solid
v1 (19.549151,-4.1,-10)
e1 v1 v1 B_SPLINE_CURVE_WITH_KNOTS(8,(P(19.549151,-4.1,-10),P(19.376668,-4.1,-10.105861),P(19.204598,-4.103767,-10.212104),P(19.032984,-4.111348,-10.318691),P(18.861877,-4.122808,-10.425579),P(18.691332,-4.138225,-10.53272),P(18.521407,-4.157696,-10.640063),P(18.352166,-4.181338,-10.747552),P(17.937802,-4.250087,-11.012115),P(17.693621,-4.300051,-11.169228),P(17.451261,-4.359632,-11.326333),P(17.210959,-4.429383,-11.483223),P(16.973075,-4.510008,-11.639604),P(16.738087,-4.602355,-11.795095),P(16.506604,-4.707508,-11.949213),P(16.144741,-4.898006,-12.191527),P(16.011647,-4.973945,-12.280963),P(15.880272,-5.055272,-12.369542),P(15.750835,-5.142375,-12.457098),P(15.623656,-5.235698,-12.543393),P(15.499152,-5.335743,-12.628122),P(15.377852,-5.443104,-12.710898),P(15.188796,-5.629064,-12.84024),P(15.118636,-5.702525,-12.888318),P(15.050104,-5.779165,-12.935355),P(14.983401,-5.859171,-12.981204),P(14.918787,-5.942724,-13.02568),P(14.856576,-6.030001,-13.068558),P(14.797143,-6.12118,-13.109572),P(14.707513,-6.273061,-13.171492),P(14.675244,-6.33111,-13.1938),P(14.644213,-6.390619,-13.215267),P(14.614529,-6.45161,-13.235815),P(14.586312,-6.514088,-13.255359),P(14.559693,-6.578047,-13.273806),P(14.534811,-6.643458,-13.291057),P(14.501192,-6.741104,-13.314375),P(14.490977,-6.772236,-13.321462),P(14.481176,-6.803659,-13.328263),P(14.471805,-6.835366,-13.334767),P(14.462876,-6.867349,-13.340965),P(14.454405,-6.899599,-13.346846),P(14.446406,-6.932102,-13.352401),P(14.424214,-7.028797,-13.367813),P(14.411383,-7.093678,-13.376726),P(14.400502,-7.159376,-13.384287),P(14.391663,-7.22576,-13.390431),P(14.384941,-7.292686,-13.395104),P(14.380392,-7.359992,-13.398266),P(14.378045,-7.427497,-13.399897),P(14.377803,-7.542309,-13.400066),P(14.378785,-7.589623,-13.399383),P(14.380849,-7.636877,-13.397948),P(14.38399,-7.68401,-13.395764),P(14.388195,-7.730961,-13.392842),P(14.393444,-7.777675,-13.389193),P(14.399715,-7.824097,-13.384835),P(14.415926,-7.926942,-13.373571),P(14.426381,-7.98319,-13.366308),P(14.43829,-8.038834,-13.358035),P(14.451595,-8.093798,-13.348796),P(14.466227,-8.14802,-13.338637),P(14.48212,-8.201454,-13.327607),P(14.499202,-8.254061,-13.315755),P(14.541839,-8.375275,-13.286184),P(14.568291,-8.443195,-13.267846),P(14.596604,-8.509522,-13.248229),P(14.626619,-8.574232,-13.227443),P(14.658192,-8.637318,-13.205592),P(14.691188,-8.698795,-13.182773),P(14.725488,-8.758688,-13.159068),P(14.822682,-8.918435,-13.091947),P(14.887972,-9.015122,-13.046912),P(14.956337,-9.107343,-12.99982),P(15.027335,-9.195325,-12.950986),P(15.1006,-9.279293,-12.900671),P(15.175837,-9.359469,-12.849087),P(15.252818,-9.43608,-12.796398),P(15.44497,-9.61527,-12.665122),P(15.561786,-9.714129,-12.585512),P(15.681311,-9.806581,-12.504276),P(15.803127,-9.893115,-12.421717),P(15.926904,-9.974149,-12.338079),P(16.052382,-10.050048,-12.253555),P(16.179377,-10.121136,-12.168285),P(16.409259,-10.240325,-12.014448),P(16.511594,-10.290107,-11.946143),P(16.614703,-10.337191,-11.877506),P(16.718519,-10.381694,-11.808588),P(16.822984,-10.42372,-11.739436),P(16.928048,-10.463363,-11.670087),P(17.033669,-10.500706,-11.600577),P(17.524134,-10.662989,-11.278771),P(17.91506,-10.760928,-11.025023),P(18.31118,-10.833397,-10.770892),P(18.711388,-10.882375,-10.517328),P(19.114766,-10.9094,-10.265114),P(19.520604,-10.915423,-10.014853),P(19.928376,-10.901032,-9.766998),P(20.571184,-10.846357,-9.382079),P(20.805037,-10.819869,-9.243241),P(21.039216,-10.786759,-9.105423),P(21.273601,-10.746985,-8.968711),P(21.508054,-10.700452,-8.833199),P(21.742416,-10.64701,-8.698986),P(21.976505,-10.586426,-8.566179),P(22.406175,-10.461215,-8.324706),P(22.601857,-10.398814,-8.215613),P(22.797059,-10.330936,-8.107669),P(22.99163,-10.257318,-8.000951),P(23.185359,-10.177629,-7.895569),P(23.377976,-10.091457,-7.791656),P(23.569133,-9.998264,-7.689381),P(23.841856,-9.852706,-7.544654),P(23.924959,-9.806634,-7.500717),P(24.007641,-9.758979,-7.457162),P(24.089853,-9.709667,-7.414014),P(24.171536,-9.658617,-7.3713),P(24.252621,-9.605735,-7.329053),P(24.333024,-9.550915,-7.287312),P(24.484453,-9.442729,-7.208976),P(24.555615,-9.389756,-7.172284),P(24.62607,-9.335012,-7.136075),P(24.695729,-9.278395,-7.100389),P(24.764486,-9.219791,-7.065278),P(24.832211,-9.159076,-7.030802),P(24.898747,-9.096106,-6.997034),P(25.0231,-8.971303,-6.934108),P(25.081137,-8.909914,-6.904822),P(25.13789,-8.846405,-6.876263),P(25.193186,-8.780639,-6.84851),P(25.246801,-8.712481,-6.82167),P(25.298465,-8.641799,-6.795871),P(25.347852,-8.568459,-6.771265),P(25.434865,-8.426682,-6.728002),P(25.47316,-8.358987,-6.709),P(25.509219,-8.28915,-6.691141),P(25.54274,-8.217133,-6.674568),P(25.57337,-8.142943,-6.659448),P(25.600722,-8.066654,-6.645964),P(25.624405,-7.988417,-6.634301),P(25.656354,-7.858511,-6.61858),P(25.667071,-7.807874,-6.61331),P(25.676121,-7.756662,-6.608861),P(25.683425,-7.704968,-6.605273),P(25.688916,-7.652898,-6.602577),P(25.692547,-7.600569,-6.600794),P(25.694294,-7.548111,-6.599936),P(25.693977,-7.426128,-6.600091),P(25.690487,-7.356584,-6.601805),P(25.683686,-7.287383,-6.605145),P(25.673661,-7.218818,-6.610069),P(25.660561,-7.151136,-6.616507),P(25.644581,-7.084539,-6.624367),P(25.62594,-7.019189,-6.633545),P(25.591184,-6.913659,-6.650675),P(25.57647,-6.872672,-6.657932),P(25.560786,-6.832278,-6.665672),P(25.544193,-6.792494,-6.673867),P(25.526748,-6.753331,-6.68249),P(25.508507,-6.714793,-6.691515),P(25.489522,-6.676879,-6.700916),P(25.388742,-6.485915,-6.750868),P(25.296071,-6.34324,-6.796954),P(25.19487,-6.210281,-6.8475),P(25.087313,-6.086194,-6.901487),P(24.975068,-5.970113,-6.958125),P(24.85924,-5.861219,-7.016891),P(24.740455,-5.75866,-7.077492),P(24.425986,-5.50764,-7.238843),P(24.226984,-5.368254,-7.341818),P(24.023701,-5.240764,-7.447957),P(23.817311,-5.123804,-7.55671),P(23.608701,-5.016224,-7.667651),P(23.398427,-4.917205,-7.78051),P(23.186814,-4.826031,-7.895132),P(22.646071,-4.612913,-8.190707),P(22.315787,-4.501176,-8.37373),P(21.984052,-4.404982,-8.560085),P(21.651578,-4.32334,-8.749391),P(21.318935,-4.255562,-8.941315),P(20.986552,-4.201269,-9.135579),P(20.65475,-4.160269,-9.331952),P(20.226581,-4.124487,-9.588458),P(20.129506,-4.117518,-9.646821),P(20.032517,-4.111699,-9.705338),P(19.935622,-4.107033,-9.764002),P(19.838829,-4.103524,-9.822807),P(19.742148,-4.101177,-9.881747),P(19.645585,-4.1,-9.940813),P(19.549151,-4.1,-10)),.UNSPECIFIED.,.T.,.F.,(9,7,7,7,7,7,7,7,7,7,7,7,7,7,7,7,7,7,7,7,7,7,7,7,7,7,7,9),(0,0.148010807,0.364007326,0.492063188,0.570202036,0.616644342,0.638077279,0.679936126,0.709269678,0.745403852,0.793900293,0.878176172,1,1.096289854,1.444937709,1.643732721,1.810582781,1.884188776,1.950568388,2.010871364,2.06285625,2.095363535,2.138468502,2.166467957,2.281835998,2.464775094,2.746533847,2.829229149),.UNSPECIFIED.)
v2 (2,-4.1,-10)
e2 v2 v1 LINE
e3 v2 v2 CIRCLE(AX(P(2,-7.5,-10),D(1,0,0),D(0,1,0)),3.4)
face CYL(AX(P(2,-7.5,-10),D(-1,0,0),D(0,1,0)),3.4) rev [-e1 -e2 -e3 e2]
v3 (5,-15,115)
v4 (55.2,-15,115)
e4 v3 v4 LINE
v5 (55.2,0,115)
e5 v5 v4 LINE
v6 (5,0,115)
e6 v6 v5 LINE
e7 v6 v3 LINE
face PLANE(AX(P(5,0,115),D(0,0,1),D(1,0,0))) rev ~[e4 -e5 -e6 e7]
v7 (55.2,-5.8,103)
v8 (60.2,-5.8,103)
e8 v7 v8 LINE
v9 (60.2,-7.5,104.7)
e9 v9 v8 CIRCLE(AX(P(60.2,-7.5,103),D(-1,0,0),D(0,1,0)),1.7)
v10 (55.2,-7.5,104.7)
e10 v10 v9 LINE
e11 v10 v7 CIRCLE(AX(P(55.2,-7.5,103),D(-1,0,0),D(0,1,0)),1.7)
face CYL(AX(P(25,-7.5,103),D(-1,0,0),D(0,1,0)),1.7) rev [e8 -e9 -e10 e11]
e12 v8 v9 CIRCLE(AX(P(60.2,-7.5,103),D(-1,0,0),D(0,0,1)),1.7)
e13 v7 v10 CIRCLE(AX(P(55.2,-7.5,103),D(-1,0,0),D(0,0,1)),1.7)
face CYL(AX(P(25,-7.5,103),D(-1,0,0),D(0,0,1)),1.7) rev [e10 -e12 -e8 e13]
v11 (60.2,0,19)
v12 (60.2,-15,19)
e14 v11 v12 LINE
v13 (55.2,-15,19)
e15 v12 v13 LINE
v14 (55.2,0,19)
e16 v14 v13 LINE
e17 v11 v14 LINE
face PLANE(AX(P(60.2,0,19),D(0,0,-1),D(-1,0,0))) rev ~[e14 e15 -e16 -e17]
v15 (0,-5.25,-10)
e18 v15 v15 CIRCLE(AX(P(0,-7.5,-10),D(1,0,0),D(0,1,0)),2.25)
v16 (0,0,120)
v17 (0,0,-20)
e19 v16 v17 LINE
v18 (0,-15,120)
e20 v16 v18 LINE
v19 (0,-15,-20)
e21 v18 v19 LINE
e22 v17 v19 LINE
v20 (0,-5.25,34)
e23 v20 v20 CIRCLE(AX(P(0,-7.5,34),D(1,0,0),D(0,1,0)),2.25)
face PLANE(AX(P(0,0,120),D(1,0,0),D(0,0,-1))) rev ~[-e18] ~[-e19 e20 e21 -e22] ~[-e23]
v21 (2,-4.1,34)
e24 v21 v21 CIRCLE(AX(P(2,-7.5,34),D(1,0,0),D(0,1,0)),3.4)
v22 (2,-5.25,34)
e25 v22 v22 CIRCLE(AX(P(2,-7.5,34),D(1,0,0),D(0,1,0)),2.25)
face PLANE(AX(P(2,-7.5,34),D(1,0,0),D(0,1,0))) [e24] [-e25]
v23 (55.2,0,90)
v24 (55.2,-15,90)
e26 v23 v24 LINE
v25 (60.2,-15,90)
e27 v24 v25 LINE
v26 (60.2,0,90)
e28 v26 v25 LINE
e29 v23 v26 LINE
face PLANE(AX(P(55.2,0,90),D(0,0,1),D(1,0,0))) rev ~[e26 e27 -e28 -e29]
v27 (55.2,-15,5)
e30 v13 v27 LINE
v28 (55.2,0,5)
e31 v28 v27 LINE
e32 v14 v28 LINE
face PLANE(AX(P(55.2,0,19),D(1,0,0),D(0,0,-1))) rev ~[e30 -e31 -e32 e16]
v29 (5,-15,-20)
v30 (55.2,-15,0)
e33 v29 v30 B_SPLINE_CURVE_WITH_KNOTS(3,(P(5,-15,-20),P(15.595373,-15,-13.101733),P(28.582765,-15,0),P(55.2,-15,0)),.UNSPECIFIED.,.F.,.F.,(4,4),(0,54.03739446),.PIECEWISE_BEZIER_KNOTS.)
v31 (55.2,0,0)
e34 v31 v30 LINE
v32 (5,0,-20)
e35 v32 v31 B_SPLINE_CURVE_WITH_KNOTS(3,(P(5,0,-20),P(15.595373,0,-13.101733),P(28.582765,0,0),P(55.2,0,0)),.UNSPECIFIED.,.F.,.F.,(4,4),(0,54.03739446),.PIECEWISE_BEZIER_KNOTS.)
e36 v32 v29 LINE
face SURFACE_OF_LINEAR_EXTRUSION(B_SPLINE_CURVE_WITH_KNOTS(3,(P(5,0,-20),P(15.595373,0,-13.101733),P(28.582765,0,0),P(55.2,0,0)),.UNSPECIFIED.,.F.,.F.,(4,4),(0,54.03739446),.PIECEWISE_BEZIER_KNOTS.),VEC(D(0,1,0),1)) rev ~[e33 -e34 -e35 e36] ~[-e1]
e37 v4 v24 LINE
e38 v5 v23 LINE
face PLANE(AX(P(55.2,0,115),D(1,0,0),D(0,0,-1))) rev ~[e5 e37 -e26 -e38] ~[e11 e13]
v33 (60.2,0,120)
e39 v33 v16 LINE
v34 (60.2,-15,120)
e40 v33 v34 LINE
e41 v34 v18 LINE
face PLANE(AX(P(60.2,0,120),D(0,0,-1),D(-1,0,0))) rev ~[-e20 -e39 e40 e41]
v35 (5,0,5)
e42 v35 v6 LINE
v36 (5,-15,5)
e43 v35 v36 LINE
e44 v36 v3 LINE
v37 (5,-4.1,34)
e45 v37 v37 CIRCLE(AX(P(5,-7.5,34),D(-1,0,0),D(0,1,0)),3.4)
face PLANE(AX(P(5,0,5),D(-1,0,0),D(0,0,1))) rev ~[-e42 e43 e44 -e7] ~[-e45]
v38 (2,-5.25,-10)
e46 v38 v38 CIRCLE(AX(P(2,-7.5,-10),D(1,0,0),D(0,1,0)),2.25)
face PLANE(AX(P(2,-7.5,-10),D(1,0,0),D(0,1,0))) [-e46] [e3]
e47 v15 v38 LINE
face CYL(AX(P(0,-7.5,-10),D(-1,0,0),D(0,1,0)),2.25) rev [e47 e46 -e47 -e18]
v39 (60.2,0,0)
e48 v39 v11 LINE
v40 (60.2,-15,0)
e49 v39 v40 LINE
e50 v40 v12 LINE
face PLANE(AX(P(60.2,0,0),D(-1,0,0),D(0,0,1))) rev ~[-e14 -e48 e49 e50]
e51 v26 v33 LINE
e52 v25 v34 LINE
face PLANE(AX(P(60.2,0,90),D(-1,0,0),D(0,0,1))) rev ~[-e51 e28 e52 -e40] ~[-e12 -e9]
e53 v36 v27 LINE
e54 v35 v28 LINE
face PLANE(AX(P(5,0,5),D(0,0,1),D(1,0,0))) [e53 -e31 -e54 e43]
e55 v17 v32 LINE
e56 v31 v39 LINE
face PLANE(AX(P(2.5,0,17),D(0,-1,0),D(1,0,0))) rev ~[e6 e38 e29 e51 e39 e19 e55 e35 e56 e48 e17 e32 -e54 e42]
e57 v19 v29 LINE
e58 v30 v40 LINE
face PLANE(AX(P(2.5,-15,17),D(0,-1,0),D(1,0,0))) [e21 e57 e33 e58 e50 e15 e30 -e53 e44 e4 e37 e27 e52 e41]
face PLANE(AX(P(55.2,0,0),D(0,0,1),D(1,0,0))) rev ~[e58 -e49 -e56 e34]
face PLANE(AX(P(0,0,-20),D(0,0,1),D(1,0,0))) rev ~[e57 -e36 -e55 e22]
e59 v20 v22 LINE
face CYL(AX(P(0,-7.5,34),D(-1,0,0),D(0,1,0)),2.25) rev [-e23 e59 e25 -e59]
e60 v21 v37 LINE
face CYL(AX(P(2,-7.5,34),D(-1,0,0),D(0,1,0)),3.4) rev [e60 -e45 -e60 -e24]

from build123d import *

# Parameters (mm, degrees)
F1_W     = 5
F1_H     = 10
F1_W_2   = 50.2
F1_H_2   = 5
F1_H_3   = 11
F2_DEPTH = 15
F3_START = 25
F3_DEPTH = 49
F0_R     = 2.25
F4_DEPTH = 38.6
F5_START = 2
F0_R_2   = 3.4
F5_DEPTH = 47.7


with BuildPart() as f2:
    # F1 (on Front) → F2 (new body)
    with BuildSketch(Plane.XZ):
        Polygon((0, 34), (0, 0), (5, 0), (5, 5), (5, 34), align=None)
        with Locations((2.5, -5)):
            Rectangle(F1_W, F1_H)
        with Locations((30.1, 2.5)):
            Rectangle(F1_W_2, F1_H_2)
        with BuildLine():
            Line((55.2, 0), (5, 0))
            Line((5, 0), (5, -10))
            Line((5, -10), (5, -20))
            add(Edge.make_bspline(
                [(5, -20), (15.5953727663, -13.1017330475), (28.5827647895, 0), (55.2, 0)],
                knots=[0, 0, 0, 0, 54.0373944598, 54.0373944598, 54.0373944598, 54.0373944598], degree=3))
        make_face()
        Polygon((0, 120), (0, 34), (5, 34), (5, 115), (5, 120), align=None)
        with Locations((2.5, -15)):
            Rectangle(F1_W, F1_H)
        Polygon((55.2, 5), (55.2, 0), (60.2, 0), (60.2, 19), (55.2, 19), align=None)
        with Locations((30.1, 117.5)):
            Rectangle(F1_W_2, F1_H_2)
        Polygon((60.2, 120), (55.2, 120), (55.2, 115), (55.2, 101), (60.2, 101), align=None)
        with Locations((57.7, 95.5)):
            Rectangle(F1_W, F1_H_3)
    extrude(amount=F2_DEPTH)

    # F0 (on Right) → F3 (cut)
    with BuildSketch(Plane.YZ.offset(F3_START)):
        with BuildLine():
            ThreePointArc((-5.8, 103), (-6.297918472, 104.202081528), (-7.5, 104.7))
            ThreePointArc((-7.5, 104.7), (-8.702081528, 101.797918472), (-5.8, 103))
        make_face()
    extrude(amount=F3_DEPTH, mode=Mode.SUBTRACT)

    # F0 (on Right) → F4 (cut)
    with BuildSketch(Plane.YZ):
        with Locations((-7.5, 34)):
            Circle(F0_R)
        with Locations((-7.5, -10)):
            Circle(F0_R)
    extrude(amount=F4_DEPTH, mode=Mode.SUBTRACT)

    # F0 (on Right) → F5 (cut)
    with BuildSketch(Plane.YZ.offset(F5_START)):
        with Locations((-7.5, -10)):
            Circle(F0_R_2)
        with Locations((-7.5, -10)):
            Circle(F0_R, mode=Mode.SUBTRACT)
        with Locations((-7.5, 34)):
            Circle(F0_R_2)
        with Locations((-7.5, 34)):
            Circle(F0_R, mode=Mode.SUBTRACT)
    extrude(amount=F5_DEPTH, mode=Mode.SUBTRACT)


solid = f2.part
